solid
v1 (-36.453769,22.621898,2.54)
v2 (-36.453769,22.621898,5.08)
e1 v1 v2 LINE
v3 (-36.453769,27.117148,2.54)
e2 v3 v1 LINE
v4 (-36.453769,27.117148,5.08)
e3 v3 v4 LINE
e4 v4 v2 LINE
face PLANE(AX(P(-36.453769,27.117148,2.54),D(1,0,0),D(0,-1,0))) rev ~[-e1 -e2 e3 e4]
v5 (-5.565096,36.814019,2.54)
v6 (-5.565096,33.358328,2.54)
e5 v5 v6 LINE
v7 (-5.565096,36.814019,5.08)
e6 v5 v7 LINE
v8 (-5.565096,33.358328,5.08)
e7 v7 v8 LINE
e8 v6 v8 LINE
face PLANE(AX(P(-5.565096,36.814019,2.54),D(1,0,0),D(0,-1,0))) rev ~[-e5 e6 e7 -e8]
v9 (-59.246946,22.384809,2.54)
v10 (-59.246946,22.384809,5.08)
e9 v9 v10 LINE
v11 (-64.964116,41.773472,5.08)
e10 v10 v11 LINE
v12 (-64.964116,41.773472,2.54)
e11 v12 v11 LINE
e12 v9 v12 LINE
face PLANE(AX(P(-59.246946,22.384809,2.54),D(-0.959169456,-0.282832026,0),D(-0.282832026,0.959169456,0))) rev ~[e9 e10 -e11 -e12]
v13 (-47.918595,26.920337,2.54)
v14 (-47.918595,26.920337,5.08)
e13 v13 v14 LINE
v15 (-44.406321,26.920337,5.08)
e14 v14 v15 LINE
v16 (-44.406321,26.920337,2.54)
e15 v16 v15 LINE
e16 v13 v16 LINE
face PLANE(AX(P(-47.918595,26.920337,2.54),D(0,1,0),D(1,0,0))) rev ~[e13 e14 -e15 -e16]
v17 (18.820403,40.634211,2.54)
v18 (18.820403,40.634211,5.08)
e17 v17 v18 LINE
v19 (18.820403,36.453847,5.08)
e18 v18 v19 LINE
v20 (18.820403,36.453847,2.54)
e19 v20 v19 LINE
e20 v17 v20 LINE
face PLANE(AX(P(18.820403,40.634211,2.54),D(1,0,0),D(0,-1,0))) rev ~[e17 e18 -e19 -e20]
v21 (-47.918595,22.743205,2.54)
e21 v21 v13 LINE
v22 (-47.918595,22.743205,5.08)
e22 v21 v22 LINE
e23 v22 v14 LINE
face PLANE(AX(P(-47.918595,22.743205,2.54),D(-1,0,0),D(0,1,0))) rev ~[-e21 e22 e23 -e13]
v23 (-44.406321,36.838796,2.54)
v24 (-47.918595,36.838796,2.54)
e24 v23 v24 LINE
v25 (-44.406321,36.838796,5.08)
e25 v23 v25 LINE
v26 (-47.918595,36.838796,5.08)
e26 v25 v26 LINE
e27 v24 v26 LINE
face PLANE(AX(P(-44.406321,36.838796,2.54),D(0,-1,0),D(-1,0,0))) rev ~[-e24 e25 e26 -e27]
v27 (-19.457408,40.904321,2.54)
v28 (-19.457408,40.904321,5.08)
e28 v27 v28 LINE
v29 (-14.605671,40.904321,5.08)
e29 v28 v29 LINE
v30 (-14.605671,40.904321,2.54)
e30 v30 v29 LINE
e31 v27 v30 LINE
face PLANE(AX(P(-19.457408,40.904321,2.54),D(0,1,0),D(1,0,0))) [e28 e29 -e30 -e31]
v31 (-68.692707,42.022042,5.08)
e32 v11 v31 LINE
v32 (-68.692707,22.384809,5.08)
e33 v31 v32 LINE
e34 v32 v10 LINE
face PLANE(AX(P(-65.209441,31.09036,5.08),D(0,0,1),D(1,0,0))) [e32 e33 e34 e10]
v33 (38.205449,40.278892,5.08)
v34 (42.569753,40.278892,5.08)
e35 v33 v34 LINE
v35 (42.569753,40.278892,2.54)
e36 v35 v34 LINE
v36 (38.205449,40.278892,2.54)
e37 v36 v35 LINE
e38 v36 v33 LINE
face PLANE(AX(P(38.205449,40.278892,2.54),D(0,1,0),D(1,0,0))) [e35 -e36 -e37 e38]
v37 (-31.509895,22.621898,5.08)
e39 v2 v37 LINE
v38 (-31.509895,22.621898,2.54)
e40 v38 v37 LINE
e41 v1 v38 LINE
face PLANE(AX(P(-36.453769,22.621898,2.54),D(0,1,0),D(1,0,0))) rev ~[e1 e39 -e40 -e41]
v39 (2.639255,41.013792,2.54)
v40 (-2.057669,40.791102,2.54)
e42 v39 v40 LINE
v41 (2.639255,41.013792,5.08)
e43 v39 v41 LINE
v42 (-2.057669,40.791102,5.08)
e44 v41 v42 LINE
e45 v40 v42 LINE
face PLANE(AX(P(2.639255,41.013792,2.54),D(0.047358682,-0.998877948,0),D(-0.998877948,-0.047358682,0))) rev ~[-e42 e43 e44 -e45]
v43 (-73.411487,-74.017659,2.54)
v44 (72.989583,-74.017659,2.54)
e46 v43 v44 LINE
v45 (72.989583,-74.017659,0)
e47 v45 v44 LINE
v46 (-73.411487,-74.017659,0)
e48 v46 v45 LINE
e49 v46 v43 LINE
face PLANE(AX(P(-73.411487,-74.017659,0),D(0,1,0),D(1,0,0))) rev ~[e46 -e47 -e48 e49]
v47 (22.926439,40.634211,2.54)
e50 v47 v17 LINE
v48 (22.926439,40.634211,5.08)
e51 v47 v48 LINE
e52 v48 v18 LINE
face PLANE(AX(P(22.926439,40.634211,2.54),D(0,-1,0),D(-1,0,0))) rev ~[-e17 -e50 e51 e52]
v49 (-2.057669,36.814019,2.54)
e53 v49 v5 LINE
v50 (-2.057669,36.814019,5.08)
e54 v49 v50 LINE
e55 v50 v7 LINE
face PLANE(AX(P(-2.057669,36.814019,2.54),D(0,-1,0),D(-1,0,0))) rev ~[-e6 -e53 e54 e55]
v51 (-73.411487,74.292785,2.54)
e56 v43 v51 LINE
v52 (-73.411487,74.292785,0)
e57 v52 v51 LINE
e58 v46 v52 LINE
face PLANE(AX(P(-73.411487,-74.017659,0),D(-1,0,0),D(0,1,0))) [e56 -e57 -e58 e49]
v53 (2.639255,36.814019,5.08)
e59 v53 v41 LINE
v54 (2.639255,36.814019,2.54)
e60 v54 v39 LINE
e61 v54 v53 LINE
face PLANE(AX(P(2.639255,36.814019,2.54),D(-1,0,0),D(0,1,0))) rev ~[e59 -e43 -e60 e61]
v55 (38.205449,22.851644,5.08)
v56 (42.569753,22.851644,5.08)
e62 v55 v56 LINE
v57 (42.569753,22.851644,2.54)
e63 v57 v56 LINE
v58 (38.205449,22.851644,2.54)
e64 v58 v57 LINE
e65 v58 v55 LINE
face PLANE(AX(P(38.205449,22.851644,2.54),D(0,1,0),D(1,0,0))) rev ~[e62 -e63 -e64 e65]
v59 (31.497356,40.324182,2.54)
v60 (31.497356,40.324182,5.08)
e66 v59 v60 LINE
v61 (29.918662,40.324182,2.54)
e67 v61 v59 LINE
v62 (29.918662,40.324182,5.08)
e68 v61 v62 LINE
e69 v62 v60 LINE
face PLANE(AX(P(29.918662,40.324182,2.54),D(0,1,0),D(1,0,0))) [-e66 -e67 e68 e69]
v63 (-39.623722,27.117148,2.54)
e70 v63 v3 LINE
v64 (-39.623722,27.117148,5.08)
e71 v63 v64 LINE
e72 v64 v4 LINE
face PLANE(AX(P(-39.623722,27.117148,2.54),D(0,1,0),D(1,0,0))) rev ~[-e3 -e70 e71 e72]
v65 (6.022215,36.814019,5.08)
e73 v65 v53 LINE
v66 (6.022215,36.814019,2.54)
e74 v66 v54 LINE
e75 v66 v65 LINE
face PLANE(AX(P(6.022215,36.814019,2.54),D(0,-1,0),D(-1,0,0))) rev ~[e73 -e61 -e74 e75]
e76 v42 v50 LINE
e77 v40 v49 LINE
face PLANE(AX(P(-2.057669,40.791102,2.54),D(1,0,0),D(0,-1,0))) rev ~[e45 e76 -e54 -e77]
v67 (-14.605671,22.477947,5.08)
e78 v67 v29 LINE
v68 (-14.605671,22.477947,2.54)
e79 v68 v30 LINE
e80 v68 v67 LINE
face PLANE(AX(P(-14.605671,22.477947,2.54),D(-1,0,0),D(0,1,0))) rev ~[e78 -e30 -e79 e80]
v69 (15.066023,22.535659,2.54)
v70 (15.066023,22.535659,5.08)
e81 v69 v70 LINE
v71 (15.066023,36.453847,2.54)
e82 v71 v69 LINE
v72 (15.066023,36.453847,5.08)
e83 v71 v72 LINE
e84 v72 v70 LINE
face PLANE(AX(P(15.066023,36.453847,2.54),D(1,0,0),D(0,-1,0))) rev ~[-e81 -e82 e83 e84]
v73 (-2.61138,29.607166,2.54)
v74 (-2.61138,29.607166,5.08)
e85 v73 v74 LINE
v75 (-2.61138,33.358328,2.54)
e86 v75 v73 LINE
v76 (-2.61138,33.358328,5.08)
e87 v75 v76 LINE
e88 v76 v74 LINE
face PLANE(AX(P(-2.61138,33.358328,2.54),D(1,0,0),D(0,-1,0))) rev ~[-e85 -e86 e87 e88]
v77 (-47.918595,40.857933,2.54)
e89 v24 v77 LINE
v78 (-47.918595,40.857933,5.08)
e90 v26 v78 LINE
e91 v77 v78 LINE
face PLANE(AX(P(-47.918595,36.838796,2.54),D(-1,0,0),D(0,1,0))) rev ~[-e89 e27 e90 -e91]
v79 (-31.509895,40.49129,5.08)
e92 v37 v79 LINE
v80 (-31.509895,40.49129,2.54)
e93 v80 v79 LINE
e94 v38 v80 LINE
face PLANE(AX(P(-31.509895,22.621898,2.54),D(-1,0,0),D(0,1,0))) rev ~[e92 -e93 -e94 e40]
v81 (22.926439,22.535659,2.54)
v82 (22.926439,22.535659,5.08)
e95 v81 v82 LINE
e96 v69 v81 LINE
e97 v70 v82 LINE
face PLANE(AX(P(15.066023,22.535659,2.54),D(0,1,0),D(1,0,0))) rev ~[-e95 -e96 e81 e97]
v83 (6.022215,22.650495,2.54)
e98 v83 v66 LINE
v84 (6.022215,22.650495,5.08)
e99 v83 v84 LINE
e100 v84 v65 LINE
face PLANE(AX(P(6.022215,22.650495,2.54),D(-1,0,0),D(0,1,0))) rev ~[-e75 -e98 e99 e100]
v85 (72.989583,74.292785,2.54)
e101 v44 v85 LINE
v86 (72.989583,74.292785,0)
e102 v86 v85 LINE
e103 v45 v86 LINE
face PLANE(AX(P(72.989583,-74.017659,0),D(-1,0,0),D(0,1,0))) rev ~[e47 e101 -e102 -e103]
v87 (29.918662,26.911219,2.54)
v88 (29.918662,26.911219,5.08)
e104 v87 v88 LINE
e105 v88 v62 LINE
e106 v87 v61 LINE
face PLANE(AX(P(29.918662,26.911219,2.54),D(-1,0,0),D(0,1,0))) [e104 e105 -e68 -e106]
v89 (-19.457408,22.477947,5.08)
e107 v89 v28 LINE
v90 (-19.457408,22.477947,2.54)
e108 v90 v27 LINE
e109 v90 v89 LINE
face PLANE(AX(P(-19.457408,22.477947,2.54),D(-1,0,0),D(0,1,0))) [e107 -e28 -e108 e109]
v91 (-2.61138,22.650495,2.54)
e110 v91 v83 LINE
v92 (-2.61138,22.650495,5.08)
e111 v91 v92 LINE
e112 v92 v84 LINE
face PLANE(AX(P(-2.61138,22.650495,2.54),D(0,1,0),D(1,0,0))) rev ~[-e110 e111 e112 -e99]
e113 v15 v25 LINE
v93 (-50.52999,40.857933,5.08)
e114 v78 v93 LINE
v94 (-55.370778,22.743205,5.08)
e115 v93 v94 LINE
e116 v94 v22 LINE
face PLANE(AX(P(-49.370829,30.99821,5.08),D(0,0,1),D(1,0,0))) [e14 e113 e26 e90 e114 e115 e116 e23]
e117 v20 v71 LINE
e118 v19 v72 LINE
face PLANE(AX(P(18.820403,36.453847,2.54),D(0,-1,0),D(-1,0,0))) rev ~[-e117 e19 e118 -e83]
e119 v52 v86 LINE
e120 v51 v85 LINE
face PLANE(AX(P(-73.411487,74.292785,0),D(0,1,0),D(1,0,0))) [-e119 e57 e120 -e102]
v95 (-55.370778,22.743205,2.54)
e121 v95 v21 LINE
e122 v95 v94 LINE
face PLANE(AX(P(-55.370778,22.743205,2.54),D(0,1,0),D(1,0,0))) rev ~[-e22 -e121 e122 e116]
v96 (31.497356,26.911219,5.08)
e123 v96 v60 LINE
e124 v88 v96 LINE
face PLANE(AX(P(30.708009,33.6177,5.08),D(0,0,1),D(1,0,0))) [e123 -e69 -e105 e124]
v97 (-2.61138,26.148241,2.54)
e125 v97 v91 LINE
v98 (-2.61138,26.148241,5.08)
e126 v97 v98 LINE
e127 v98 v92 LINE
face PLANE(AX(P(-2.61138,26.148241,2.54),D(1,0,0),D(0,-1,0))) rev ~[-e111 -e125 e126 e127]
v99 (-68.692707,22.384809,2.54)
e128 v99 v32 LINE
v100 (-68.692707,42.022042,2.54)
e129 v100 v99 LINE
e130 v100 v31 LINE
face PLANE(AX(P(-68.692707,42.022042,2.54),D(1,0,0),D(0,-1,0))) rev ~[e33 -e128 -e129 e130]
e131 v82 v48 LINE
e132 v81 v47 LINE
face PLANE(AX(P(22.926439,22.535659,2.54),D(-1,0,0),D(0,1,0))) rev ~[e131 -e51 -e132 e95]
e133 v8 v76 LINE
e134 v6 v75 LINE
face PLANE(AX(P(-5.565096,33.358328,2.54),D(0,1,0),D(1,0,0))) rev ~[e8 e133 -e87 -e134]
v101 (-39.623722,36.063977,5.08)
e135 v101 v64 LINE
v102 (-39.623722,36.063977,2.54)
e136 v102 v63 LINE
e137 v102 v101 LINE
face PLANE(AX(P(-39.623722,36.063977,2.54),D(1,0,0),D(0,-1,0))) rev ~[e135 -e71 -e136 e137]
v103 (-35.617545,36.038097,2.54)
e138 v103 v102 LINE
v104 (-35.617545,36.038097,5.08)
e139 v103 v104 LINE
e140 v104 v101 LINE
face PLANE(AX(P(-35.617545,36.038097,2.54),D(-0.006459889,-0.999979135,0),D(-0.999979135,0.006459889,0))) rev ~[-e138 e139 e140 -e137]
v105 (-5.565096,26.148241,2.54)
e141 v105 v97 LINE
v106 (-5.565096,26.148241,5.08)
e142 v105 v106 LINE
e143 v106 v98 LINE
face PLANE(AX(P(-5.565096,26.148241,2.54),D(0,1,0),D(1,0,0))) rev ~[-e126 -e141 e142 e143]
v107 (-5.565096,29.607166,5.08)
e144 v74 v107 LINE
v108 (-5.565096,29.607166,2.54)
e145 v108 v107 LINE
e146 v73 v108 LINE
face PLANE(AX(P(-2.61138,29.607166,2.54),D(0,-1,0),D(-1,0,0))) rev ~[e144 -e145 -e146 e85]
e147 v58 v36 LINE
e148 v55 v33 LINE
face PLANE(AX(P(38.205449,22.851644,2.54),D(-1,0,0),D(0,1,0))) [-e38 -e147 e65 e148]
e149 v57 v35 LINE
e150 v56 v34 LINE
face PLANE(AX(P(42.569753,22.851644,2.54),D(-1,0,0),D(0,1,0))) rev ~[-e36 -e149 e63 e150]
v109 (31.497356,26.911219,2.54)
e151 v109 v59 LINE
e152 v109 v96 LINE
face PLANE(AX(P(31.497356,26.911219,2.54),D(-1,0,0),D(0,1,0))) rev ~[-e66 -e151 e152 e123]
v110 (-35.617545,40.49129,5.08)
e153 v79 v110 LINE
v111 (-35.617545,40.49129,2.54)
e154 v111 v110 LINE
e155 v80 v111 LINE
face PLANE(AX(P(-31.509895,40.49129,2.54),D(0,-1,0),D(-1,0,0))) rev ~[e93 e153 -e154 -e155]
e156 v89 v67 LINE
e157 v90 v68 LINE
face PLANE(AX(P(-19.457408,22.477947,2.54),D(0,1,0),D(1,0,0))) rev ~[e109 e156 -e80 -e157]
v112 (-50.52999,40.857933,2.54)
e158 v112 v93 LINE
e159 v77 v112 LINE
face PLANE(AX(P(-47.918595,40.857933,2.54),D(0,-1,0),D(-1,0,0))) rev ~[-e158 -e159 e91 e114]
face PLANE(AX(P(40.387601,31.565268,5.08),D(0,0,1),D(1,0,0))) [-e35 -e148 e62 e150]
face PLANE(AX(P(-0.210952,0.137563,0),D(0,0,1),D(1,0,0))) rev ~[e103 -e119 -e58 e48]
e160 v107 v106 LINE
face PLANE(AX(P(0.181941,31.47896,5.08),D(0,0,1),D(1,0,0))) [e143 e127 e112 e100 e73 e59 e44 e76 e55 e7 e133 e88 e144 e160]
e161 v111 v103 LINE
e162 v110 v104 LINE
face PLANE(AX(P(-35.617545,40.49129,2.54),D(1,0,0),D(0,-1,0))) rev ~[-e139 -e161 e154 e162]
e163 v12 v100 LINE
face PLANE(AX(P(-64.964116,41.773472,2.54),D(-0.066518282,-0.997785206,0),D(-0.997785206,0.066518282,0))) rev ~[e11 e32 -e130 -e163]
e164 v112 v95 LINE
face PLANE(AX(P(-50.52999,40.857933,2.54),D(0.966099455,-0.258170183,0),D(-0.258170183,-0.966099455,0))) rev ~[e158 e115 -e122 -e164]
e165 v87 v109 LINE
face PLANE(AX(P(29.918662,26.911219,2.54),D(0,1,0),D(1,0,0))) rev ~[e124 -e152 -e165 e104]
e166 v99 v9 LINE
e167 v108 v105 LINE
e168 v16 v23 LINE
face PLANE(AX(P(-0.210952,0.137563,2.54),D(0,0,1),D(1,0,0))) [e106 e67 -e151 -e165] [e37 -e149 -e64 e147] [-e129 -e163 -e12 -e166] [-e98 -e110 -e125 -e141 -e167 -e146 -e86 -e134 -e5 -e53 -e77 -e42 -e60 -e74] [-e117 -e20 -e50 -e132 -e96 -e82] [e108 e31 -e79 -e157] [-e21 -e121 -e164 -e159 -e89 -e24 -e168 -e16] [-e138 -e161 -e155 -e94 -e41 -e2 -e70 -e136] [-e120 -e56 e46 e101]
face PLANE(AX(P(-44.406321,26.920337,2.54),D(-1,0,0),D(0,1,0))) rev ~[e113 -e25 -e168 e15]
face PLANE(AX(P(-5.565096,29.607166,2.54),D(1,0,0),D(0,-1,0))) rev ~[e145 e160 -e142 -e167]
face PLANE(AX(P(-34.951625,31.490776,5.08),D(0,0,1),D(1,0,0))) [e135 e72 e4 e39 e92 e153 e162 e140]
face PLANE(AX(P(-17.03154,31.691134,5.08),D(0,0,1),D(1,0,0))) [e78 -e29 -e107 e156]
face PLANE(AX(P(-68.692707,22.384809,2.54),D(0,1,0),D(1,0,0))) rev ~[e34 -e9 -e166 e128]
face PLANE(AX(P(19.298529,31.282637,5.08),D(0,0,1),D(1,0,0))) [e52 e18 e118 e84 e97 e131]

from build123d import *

# Parameters (mm, degrees)
F0_W      = 146.40107
F0_H      = 148.310445
F1_DEPTH  = 2.54
F4_DEPTH  = 2.54
F6_DEPTH  = 2.54
F8_DEPTH  = 2.54
F9_W      = 4.851737
F9_H      = 18.426374
F10_DEPTH = 2.54
F12_DEPTH = 2.54
F14_DEPTH = 2.54
F15_W     = 1.578693
F15_H     = 13.412963
F16_DEPTH = 2.54
F17_W     = 4.364304
F17_H     = 17.427249
F18_DEPTH = 2.54


with BuildPart() as f1:
    # F0 (on Top) → F1 (new body)
    with BuildSketch(Plane.XY):
        with Locations((-0.210952, 0.137563)):
            Rectangle(F0_W, F0_H)
    extrude(amount=F1_DEPTH)

    # F3 (on offset) → F4 (join)
    with BuildSketch(Plane.XY.offset(2.54)):
        Polygon((-64.964116, 41.773472), (-68.692707, 42.022042), (-68.692707, 22.384809), (-59.246946, 22.384809), align=None)
    extrude(amount=F4_DEPTH)

    # F5 (on offset) → F6 (join)
    with BuildSketch(Plane.XY.offset(2.54)):
        Polygon((-50.52999, 40.857933), (-55.370778, 22.743205), (-47.918595, 22.743205), (-47.918595, 26.920337), (-44.406321, 26.920337), (-44.406321, 36.838796), (-47.918595, 36.838796), (-47.918595, 40.857933), align=None)
    extrude(amount=F6_DEPTH)

    # F7 (on offset) → F8 (join)
    with BuildSketch(Plane.XY.offset(2.54)):
        Polygon((-35.617545, 36.038097), (-39.623722, 36.063977), (-39.623722, 27.117148), (-36.453769, 27.117148), (-36.453769, 22.621898), (-31.509895, 22.621898), (-31.509895, 40.49129), (-35.617545, 40.49129), align=None)
    extrude(amount=F8_DEPTH)

    # F9 (on offset) → F10 (join)
    with BuildSketch(Plane.XY.offset(2.54)):
        with Locations((-17.03154, 31.691134)):
            Rectangle(F9_W, F9_H)
    extrude(amount=F10_DEPTH)

    # F11 (on offset) → F12 (join)
    with BuildSketch(Plane.XY.offset(2.54)):
        Polygon((2.639255, 41.013792), (-2.057669, 40.791102), (-2.057669, 36.814019), (-5.565096, 36.814019), (-5.565096, 33.358328), (-2.61138, 33.358328), (-2.61138, 29.607166), (-5.565096, 29.607166), (-5.565096, 26.148241), (-2.61138, 26.148241), (-2.61138, 22.650495), (6.022215, 22.650495), (6.022215, 36.814019), (2.639255, 36.814019), align=None)
    extrude(amount=F12_DEPTH)

    # F13 (on offset) → F14 (join)
    with BuildSketch(Plane.XY.offset(2.54)):
        Polygon((18.820403, 36.453847), (15.066023, 36.453847), (15.066023, 22.535659), (22.926439, 22.535659), (22.926439, 40.634211), (18.820403, 40.634211), align=None)
    extrude(amount=F14_DEPTH)

    # F15 (on offset) → F16 (join)
    with BuildSketch(Plane.XY.offset(2.54)):
        with Locations((30.708009, 33.6177)):
            Rectangle(F15_W, F15_H)
    extrude(amount=F16_DEPTH)

    # F17 (on offset) → F18 (join)
    with BuildSketch(Plane.XY.offset(2.54)):
        with Locations((40.387601, 31.565268)):
            Rectangle(F17_W, F17_H)
    extrude(amount=F18_DEPTH)


solid = f1.part
